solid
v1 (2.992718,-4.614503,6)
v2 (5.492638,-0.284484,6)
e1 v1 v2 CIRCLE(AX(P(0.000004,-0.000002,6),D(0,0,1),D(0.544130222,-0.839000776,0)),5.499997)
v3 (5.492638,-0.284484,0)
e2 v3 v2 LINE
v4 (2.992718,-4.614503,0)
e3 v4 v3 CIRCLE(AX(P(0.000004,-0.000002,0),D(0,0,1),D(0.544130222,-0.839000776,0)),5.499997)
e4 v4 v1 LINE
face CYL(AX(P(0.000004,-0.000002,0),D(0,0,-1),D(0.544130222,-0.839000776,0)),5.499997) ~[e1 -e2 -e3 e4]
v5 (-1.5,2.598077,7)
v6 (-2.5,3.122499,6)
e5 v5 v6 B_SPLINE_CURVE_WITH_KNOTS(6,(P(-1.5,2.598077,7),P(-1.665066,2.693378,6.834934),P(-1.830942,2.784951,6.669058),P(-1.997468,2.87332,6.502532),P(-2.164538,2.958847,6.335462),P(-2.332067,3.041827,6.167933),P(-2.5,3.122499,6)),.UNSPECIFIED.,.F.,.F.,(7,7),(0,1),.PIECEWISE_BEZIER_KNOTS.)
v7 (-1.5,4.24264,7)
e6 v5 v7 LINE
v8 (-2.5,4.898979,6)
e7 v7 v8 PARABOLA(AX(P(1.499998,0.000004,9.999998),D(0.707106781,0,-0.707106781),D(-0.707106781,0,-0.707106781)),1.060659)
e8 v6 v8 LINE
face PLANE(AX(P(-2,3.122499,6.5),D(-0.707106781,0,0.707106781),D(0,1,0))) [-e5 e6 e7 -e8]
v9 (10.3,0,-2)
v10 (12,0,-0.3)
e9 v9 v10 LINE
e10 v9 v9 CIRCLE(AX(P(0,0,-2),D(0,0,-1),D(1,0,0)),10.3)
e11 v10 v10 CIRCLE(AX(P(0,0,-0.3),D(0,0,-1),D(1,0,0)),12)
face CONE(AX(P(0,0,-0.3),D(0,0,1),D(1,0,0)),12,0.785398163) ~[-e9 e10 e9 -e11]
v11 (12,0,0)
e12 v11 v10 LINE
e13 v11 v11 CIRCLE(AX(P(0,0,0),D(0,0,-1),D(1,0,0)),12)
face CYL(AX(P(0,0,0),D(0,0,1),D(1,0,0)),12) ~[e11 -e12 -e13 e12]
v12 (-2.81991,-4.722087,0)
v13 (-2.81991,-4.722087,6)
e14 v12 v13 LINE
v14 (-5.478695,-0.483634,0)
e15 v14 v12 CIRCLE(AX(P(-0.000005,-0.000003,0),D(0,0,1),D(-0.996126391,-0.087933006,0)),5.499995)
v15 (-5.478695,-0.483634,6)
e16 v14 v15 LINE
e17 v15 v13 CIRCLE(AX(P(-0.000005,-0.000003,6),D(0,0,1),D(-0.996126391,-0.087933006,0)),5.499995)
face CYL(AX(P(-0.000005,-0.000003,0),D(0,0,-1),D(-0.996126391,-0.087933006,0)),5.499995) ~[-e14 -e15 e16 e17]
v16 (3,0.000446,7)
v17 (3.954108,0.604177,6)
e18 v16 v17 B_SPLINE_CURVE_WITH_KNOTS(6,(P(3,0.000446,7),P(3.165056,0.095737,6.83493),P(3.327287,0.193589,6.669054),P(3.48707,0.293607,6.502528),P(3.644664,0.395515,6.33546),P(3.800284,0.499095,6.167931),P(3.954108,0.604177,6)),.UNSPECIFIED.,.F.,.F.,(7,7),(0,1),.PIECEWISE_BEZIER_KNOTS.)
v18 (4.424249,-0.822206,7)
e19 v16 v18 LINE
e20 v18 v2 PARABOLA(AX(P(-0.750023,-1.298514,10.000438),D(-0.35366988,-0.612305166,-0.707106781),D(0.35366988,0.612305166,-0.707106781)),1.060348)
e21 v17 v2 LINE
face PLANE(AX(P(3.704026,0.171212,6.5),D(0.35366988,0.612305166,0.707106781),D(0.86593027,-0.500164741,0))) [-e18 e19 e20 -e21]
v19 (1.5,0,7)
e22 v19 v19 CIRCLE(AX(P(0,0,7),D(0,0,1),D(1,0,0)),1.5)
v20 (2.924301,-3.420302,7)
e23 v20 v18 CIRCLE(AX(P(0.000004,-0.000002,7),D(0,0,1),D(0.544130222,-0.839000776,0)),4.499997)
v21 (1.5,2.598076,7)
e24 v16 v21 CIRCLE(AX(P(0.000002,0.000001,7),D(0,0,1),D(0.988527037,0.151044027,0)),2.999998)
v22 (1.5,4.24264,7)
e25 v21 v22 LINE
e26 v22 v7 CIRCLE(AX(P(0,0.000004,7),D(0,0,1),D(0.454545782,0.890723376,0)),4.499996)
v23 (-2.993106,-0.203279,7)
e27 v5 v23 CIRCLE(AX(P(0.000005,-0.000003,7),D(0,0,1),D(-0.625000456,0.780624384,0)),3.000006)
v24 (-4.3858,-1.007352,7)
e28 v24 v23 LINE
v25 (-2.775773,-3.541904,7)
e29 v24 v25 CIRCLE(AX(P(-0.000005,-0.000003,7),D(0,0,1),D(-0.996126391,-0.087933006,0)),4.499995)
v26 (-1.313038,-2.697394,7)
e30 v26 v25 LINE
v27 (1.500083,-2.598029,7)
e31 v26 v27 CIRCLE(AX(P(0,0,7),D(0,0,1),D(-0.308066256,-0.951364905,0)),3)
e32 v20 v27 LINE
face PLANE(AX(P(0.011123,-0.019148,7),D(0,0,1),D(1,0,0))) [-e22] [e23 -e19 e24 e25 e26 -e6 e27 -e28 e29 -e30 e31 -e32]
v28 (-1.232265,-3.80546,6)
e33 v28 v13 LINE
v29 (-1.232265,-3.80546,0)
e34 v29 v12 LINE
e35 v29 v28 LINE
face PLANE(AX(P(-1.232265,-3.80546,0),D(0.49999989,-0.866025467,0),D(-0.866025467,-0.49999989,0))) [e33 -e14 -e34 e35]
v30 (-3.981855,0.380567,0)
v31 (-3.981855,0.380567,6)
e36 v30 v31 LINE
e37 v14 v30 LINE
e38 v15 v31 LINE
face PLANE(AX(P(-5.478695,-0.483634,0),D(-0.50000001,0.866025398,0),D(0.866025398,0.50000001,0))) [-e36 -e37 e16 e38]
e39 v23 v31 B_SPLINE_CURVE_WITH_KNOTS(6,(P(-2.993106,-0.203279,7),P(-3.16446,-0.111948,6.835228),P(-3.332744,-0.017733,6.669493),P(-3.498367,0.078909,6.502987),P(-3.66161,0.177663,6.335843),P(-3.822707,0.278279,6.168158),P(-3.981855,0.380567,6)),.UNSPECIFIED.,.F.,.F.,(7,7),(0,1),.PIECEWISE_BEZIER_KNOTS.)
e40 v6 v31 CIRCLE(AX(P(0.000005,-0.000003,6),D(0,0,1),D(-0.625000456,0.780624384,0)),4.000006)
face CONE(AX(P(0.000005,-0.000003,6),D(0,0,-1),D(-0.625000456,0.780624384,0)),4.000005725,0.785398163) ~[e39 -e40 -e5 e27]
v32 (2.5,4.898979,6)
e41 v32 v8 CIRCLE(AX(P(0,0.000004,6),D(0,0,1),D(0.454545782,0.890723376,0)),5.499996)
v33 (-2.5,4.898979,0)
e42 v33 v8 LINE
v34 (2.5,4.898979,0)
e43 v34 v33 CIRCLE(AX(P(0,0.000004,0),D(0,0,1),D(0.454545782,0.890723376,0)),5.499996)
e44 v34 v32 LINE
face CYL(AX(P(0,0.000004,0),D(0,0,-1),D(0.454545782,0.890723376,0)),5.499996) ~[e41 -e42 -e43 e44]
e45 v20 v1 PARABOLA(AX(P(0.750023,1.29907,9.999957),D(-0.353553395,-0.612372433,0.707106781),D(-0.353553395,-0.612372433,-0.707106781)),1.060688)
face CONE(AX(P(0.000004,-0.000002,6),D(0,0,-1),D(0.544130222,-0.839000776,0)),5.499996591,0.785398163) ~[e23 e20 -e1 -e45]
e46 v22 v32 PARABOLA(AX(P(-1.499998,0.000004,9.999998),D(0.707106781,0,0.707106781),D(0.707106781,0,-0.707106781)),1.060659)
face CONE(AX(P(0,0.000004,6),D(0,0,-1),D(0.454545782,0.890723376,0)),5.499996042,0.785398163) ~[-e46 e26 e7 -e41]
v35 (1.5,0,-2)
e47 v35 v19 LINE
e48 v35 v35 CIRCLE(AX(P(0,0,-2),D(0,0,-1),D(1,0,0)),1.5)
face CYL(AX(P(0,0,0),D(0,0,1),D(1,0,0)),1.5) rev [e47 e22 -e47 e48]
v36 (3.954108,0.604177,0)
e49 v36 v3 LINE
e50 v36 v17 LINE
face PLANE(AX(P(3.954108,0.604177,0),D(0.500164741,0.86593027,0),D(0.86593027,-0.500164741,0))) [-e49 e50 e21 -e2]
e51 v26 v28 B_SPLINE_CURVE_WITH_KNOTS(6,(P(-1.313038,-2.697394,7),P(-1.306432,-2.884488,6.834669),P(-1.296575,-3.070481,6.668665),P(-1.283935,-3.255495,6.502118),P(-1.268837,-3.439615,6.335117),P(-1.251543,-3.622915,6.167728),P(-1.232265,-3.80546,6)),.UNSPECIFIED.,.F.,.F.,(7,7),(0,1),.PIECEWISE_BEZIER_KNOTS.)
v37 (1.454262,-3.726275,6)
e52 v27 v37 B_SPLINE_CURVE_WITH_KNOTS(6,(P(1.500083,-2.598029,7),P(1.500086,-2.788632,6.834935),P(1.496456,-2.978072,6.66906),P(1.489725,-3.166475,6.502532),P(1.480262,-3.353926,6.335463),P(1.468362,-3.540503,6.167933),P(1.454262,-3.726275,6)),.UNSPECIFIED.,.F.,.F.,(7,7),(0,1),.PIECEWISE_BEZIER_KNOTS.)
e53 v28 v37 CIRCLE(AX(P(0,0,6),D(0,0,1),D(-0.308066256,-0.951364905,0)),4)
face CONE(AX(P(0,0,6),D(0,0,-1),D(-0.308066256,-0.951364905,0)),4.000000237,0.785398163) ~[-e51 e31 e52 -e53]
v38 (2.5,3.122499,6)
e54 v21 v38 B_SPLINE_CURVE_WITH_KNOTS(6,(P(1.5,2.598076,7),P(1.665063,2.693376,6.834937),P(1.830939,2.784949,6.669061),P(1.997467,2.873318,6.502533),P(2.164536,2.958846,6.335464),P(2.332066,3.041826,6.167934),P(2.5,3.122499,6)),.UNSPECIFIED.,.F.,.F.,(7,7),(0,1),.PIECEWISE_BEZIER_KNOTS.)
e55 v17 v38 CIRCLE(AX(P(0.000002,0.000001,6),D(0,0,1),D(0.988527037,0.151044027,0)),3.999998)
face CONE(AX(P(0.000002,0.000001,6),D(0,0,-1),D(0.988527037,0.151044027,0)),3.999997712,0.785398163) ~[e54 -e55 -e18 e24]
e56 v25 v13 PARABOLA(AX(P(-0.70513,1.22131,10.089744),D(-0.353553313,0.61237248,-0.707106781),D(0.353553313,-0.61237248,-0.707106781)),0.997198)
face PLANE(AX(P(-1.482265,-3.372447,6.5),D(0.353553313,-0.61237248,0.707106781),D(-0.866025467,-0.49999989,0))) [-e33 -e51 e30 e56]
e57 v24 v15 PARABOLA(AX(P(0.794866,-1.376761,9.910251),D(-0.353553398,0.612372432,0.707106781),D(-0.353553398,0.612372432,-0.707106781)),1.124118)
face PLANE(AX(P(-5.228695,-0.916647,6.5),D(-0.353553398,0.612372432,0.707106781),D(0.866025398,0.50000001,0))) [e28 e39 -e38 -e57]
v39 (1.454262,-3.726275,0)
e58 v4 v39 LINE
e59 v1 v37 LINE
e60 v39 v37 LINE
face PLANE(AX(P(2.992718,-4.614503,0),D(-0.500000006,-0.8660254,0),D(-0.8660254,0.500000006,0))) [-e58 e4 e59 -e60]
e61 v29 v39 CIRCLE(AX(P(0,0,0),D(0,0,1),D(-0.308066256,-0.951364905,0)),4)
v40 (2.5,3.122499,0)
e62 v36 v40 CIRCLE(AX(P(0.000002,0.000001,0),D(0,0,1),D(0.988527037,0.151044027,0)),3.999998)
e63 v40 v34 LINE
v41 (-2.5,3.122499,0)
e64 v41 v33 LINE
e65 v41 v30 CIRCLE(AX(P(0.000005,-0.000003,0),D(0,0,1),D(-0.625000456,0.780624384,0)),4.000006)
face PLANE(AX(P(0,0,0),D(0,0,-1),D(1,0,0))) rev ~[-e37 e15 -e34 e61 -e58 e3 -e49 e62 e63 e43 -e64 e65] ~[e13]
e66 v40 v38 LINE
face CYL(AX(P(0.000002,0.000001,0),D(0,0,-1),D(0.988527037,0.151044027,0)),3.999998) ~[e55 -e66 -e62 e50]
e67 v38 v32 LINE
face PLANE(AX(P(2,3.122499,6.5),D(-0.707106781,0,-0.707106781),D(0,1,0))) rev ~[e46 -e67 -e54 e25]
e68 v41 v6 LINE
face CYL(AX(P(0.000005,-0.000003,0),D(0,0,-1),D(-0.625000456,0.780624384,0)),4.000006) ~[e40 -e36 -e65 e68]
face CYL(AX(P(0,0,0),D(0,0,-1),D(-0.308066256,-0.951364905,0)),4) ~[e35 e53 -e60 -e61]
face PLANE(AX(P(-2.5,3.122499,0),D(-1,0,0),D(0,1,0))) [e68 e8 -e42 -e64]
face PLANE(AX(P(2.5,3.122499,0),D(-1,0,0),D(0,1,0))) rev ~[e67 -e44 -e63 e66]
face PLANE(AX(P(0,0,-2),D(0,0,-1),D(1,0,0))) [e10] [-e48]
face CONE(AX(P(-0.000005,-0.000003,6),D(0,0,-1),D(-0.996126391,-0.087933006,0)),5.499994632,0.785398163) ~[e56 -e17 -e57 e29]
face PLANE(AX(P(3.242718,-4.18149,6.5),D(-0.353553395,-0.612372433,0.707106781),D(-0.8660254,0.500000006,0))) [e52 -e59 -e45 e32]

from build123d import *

# Parameters (mm, degrees)
SKETCH_R        = 1.5
PAD_DEPTH       = 7
SKETCH001_R     = 12
SKETCH001_R_2   = 1.5
PAD001_DEPTH    = 2
CHAMFER_SIZE    = 1
CHAMFER001_SIZE = 1.7


with BuildPart() as part:
    # Sketch → Pad (new body)
    with BuildSketch(Plane.XY):
        with BuildLine():
            ThreePointArc((-2.5, 3.122499), (-3.518971, 1.901799), (-3.981855, 0.380567))
            Line((-5.478695, -0.483634), (-3.981855, 0.380567))
            ThreePointArc((-5.478695, -0.483634), (-4.659167, -2.922699), (-2.81991, -4.722087))
            Line((-1.232265, -3.80546), (-2.81991, -4.722087))
            ThreePointArc((-1.232265, -3.80546), (0.117848, -3.998264), (1.454262, -3.726275))
            Line((2.992718, -4.614503), (1.454262, -3.726275))
            ThreePointArc((2.992718, -4.614503), (4.763149, -2.749985), (5.492638, -0.284484))
            Line((3.954108, 0.604177), (5.492638, -0.284484))
            ThreePointArc((3.954108, 0.604177), (3.46401, 2.000159), (2.5, 3.122499))
            Line((2.5, 3.122499), (2.5, 4.898979))
            ThreePointArc((2.5, 4.898979), (0, 5.5), (-2.5, 4.898979))
            Line((-2.5, 3.122499), (-2.5, 4.898979))
        make_face()
        Circle(SKETCH_R, mode=Mode.SUBTRACT)
    extrude(amount=PAD_DEPTH)

    # Sketch001 (on Face14 of Pad) → Pad001 (join)
    with BuildSketch(Plane(origin=(0, 0, 0), x_dir=(1, 0, 0), z_dir=(0, 0, -1))):
        Circle(SKETCH001_R)
        Circle(SKETCH001_R_2, mode=Mode.SUBTRACT)
    extrude(amount=PAD001_DEPTH)

    # Chamfer
    chamfer_edges = [part.edges().sort_by_distance(p)[0] for p in [
        (-2.026088, -4.263773, 7),
        (0.117848, -3.998264, 7),
        (2.22349, -4.170389, 7),
        (4.763149, -2.749985, 7),
        (3.46401, 2.000159, 7),
        (4.723373, 0.159847, 7),
        (2.5, 4.010739, 7),
        (0, 5.5, 7),
        (-2.5, 4.010739, 7),
        (-3.518971, 1.901799, 7),
        (-4.730275, -0.051534, 7),
        (-4.659167, -2.922699, 7),
    ]]
    chamfer(chamfer_edges, length=CHAMFER_SIZE)

    # Chamfer001
    chamfer001_edges = [part.edges().sort_by_distance(p)[0] for p in [
        (-12, 0, -2),
    ]]
    chamfer(chamfer001_edges, length=CHAMFER001_SIZE)


solid = part.part
